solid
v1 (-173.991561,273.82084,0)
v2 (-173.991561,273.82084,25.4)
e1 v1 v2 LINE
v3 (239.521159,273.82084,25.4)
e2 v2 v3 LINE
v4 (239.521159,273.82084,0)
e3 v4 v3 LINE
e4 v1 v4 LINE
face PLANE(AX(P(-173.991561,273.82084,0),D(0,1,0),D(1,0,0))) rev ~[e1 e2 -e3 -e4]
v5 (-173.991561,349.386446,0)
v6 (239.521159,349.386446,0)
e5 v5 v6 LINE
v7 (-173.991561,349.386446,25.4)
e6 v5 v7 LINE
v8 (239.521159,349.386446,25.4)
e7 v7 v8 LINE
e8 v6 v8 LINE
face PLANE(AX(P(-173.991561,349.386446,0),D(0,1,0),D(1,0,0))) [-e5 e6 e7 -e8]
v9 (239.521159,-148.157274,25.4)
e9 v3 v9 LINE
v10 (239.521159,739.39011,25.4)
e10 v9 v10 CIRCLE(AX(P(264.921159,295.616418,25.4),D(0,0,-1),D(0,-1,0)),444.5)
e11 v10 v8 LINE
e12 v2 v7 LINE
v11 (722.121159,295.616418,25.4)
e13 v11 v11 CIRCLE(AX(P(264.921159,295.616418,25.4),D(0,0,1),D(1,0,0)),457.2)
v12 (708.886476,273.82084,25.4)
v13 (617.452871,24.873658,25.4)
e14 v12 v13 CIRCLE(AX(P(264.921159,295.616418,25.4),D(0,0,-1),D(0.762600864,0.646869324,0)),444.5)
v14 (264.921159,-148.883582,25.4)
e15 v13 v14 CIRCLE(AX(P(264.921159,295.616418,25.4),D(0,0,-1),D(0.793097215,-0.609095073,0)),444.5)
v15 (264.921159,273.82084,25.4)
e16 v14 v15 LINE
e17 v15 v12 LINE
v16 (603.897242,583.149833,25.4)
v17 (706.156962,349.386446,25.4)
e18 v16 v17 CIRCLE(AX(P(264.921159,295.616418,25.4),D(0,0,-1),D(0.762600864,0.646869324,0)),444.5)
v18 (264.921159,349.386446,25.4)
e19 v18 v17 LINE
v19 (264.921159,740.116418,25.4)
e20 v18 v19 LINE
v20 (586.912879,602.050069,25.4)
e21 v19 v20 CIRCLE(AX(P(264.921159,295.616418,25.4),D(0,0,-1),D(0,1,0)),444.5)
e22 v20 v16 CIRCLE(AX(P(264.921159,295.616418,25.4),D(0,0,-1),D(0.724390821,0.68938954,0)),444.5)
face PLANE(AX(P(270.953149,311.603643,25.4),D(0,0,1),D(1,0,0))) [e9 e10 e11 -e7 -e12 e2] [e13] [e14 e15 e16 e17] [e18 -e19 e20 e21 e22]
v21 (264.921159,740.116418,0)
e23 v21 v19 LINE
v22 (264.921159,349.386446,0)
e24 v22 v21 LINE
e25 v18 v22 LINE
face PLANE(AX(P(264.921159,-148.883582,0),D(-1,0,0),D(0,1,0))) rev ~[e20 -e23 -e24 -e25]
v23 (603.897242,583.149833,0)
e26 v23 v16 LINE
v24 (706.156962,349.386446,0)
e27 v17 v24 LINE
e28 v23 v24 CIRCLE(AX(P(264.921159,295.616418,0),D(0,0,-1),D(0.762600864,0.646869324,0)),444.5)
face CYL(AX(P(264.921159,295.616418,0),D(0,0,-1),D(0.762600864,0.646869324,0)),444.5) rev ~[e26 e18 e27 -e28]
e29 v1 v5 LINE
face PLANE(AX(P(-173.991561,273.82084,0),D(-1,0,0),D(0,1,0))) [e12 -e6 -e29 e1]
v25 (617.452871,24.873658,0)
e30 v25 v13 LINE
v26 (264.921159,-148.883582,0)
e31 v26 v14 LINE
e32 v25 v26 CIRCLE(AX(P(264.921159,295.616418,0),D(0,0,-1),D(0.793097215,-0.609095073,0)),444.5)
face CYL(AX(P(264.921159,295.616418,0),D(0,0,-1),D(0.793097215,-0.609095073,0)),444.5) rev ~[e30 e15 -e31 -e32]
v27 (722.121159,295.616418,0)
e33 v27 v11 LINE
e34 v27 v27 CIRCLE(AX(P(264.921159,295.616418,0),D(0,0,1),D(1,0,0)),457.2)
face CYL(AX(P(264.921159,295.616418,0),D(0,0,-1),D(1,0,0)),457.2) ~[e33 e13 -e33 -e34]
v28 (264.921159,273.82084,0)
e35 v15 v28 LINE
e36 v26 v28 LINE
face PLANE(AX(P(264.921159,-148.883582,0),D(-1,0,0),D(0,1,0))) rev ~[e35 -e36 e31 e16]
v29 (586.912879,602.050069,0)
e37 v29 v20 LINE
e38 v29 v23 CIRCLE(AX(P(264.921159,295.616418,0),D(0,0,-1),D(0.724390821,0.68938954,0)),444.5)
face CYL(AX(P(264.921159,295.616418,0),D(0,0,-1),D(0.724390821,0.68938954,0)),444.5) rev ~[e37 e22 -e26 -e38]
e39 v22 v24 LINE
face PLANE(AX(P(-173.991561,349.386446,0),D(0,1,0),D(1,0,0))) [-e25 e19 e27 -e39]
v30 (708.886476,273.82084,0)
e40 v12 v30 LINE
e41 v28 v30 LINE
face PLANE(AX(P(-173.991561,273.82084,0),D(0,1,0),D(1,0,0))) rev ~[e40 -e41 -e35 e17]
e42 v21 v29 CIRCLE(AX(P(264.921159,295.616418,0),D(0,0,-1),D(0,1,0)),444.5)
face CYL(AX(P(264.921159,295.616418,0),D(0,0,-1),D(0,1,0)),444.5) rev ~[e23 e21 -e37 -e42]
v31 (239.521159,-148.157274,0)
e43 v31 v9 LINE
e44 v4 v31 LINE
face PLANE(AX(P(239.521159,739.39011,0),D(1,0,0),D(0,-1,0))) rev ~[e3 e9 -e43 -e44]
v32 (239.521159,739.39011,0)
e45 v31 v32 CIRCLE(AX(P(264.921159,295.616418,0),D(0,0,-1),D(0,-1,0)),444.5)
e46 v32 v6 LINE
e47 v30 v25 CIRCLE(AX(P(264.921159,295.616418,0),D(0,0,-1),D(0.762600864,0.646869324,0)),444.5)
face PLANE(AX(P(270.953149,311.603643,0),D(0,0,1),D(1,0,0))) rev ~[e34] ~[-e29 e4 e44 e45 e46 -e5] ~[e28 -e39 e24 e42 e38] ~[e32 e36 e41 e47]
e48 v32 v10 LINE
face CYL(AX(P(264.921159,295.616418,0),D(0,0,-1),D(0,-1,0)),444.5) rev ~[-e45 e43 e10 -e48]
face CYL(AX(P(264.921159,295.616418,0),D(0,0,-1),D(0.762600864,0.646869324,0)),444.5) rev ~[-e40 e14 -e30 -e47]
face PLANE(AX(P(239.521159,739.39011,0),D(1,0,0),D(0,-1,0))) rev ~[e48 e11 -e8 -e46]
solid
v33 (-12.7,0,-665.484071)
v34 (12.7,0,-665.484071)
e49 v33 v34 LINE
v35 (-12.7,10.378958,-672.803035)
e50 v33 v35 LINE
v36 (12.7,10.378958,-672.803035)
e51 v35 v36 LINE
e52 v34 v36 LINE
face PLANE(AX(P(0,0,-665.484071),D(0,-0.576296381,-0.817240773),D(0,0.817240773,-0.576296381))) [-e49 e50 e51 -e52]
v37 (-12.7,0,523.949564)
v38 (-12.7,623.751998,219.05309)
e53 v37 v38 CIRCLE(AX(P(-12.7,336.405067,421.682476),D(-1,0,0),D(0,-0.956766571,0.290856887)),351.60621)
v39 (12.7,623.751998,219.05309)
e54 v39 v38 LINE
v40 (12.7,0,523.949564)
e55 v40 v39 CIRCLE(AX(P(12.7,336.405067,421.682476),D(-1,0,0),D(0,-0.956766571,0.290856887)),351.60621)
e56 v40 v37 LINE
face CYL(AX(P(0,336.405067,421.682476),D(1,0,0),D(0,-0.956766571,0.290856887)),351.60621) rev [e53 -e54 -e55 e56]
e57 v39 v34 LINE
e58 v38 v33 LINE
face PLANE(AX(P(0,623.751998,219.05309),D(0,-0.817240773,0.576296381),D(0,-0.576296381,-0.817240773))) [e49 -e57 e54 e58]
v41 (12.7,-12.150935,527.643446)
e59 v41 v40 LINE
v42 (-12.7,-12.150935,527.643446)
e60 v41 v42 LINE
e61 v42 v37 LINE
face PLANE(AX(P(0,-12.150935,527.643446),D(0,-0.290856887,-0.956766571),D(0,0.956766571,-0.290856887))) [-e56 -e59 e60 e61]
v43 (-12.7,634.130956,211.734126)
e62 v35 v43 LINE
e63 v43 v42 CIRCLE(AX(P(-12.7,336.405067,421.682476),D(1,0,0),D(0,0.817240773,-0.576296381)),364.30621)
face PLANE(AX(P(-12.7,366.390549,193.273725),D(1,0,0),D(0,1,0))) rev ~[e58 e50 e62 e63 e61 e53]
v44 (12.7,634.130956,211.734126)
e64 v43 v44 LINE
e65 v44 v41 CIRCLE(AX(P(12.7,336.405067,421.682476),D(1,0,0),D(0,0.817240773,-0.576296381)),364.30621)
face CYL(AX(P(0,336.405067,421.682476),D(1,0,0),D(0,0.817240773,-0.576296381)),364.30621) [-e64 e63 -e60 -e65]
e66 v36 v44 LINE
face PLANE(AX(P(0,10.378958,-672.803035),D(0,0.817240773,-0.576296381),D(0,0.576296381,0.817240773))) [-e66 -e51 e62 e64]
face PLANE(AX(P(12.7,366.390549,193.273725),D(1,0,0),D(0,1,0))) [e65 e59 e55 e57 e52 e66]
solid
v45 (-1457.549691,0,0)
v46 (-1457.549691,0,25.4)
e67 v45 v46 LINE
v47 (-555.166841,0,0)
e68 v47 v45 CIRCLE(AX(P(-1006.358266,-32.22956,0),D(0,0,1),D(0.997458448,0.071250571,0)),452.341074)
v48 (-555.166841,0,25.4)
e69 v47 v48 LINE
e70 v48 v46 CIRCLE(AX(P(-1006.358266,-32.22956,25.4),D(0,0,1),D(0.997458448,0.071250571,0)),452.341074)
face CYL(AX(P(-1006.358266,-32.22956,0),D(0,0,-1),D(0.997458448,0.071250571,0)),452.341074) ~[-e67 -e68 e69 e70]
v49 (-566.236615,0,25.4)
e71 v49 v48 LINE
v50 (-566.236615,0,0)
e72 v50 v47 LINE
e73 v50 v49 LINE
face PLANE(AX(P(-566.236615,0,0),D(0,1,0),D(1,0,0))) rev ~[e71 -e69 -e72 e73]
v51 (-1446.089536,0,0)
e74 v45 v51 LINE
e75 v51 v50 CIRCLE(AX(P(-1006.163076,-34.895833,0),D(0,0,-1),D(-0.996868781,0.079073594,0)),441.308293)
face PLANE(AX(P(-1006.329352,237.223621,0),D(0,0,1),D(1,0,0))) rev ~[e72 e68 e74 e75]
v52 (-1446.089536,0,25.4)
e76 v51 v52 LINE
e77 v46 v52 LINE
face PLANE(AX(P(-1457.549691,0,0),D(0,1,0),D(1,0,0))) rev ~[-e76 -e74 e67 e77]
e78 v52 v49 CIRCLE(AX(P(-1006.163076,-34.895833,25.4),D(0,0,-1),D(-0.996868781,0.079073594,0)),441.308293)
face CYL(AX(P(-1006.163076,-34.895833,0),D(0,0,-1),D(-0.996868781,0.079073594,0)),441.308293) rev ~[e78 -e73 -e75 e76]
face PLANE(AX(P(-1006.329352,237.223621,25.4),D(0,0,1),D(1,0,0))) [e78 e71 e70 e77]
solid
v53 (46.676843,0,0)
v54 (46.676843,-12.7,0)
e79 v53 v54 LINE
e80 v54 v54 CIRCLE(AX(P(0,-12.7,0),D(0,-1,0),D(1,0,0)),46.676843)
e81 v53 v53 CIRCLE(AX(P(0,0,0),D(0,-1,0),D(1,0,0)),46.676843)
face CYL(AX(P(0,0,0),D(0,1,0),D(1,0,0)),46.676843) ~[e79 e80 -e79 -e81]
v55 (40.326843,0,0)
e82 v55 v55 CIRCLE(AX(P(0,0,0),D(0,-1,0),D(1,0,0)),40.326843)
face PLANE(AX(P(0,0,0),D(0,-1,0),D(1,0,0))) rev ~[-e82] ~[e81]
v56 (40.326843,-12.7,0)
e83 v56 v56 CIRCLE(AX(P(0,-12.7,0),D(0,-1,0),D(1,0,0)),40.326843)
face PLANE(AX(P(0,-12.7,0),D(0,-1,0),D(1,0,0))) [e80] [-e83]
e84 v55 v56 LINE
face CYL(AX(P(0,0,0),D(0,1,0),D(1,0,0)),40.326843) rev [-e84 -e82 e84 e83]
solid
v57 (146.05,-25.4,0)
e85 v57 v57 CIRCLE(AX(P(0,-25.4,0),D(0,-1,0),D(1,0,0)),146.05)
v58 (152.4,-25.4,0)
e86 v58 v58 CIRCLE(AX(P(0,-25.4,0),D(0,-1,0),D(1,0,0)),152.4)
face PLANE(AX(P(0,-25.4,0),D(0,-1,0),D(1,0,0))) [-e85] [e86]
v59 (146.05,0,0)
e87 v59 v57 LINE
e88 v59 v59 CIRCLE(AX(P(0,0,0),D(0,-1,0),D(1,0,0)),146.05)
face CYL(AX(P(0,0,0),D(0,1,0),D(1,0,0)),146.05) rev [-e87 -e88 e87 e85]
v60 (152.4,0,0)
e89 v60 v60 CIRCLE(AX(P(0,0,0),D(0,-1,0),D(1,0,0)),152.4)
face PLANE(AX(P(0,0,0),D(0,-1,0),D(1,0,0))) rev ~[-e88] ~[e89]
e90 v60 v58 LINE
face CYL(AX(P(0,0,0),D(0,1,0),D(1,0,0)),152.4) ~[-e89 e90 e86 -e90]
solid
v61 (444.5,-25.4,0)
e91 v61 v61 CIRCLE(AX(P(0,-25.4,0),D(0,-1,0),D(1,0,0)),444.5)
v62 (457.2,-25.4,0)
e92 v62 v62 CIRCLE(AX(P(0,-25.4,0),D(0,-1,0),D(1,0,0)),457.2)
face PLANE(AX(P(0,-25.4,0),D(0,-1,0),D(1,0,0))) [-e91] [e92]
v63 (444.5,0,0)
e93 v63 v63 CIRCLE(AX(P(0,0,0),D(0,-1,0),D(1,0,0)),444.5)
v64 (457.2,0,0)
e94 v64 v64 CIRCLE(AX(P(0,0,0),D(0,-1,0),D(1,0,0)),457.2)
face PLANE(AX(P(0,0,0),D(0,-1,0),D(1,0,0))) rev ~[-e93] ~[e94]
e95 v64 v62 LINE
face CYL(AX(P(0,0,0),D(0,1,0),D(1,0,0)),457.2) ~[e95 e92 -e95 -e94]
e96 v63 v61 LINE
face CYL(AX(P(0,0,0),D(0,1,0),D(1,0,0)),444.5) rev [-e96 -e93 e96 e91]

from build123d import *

# Parameters (mm, degrees)
F0_R      = 457.2
F0_R_2    = 444.5
F1_DEPTH  = 25.4
F3_DEPTH  = 25.4
F4_R      = 152.4
F4_R_2    = 146.05
F5_DEPTH  = 25.4
F6_R      = 46.6768431444
F6_R_2    = 40.3268432211
F8_DEPTH  = 12.7
F10_DEPTH = 12.7
F11_R     = 457.2
F12_DEPTH = 25.4
F13_W     = 889.8894190788
F13_H     = 75.5656063557
F14_DEPTH = 25.4


with BuildPart() as f1:
    # F0 (on Front) → F1 (new body)
    with BuildSketch(Plane.XZ):
        Circle(F0_R)
        Circle(F0_R_2, mode=Mode.SUBTRACT)
    extrude(amount=F1_DEPTH)


with BuildPart() as f3:
    # F2 (on Top) → F3 (new body)
    with BuildSketch(Plane.XY):
        with BuildLine():
            Line((-566.236615181, 0), (-555.1668405533, 0))
            ThreePointArc((-555.1668405533, 0), (-1006.3582658768, 420.1115137577), (-1457.5496912003, 0))
            Line((-1457.5496912003, 0), (-1446.0895359516, 0))
            ThreePointArc((-1446.0895359516, 0), (-1006.1630755663, 406.4124604986), (-566.236615181, 0))
        make_face()
    extrude(amount=F3_DEPTH)


with BuildPart() as f5:
    # F4 (on Front) → F5 (new body)
    with BuildSketch(Plane.XZ):
        Circle(F4_R)
        Circle(F4_R_2, mode=Mode.SUBTRACT)
    extrude(amount=F5_DEPTH)


with BuildPart() as f8:
    # F6 (on Front) → F8 (new body)
    with BuildSketch(Plane.XZ):
        Circle(F6_R)
        Circle(F6_R_2, mode=Mode.SUBTRACT)
    extrude(amount=F8_DEPTH)


with BuildPart() as f10:
    # F9 (on Right) → F10 (new body, symmetric)
    with BuildSketch(Plane.YZ):
        with BuildLine():
            Line((623.7519979477, 219.0530896187), (0, -665.4840707779))
            Line((0, -665.4840707779), (10.3789578143, -672.8030348227))
            Line((10.3789578143, -672.8030348227), (634.130955762, 211.7341255738))
            ThreePointArc((634.130955762, 211.7341255738), (496.3913163311, 748.9796108692), (-12.150935451, 527.6434459682))
            Line((-12.150935451, 527.6434459682), (0, 523.9495635033))
            ThreePointArc((0, 523.9495635033), (490.8140703039, 737.5697762187), (623.7519979477, 219.0530896187))
        make_face()
    extrude(amount=F10_DEPTH, both=True)


with BuildPart() as f12:
    # F11 (on Top) → F12 (new body)
    with BuildSketch(Plane.XY):
        with Locations((264.9211585522, 295.6164181232)):
            Circle(F11_R)
        with BuildLine():
            ThreePointArc((264.9211585522, 740.1164181232), (440.0932059094, 704.1442676325), (586.9128786915, 602.050068628))
            ThreePointArc((586.9128786915, 602.050068628), (595.5401450044, 592.7213420092), (603.897242393, 583.1498328492))
            ThreePointArc((603.897242393, 583.1498328492), (682.2071032395, 448.7591305401), (709.4211585522, 295.6164181232))
            ThreePointArc((709.4211585522, 295.6164181232), (689.7160594132, 164.7365411272), (632.3478528041, 45.4607179062))
            ThreePointArc((632.3478528041, 45.4607179062), (625.0475022676, 35.0607300983), (617.4528705467, 24.8736582233))
            ThreePointArc((617.4528705467, 24.8736582233), (461.4346354749, -103.0848527397), (264.9211585522, -148.8835818768))
            ThreePointArc((264.9211585522, -148.8835818768), (252.2159674592, -148.7019678561), (239.5211585522, -148.157274202))
            ThreePointArc((239.5211585522, -148.157274202), (-179.5788414478, 295.6164181232), (239.5211585522, 739.3901104485))
            ThreePointArc((239.5211585522, 739.3901104485), (252.2159674592, 739.9348041026), (264.9211585522, 740.1164181232))
        make_face(mode=Mode.SUBTRACT)
        with BuildLine():
            Line((264.9211585522, 295.6164181232), (264.9211585522, 740.1164181232))
            ThreePointArc((264.9211585522, 740.1164181232), (252.2159674592, 739.9348041026), (239.5211585522, 739.3901104485))
            Line((239.5211585522, 739.3901104485), (239.5211585522, -148.157274202))
            ThreePointArc((239.5211585522, -148.157274202), (252.2159674592, -148.7019678561), (264.9211585522, -148.8835818768))
            Line((264.9211585522, -148.8835818768), (264.9211585522, 295.6164181232))
        make_face()
    extrude(amount=F12_DEPTH)

    # F13 (on Top) → F14 (join)
    with BuildSketch(Plane.XY):
        with Locations((270.9531486034, 311.6036430001)):
            Rectangle(F13_W, F13_H)
    extrude(amount=F14_DEPTH)


solid = Compound([f1.part, f3.part, f5.part, f8.part, f10.part, f12.part])
